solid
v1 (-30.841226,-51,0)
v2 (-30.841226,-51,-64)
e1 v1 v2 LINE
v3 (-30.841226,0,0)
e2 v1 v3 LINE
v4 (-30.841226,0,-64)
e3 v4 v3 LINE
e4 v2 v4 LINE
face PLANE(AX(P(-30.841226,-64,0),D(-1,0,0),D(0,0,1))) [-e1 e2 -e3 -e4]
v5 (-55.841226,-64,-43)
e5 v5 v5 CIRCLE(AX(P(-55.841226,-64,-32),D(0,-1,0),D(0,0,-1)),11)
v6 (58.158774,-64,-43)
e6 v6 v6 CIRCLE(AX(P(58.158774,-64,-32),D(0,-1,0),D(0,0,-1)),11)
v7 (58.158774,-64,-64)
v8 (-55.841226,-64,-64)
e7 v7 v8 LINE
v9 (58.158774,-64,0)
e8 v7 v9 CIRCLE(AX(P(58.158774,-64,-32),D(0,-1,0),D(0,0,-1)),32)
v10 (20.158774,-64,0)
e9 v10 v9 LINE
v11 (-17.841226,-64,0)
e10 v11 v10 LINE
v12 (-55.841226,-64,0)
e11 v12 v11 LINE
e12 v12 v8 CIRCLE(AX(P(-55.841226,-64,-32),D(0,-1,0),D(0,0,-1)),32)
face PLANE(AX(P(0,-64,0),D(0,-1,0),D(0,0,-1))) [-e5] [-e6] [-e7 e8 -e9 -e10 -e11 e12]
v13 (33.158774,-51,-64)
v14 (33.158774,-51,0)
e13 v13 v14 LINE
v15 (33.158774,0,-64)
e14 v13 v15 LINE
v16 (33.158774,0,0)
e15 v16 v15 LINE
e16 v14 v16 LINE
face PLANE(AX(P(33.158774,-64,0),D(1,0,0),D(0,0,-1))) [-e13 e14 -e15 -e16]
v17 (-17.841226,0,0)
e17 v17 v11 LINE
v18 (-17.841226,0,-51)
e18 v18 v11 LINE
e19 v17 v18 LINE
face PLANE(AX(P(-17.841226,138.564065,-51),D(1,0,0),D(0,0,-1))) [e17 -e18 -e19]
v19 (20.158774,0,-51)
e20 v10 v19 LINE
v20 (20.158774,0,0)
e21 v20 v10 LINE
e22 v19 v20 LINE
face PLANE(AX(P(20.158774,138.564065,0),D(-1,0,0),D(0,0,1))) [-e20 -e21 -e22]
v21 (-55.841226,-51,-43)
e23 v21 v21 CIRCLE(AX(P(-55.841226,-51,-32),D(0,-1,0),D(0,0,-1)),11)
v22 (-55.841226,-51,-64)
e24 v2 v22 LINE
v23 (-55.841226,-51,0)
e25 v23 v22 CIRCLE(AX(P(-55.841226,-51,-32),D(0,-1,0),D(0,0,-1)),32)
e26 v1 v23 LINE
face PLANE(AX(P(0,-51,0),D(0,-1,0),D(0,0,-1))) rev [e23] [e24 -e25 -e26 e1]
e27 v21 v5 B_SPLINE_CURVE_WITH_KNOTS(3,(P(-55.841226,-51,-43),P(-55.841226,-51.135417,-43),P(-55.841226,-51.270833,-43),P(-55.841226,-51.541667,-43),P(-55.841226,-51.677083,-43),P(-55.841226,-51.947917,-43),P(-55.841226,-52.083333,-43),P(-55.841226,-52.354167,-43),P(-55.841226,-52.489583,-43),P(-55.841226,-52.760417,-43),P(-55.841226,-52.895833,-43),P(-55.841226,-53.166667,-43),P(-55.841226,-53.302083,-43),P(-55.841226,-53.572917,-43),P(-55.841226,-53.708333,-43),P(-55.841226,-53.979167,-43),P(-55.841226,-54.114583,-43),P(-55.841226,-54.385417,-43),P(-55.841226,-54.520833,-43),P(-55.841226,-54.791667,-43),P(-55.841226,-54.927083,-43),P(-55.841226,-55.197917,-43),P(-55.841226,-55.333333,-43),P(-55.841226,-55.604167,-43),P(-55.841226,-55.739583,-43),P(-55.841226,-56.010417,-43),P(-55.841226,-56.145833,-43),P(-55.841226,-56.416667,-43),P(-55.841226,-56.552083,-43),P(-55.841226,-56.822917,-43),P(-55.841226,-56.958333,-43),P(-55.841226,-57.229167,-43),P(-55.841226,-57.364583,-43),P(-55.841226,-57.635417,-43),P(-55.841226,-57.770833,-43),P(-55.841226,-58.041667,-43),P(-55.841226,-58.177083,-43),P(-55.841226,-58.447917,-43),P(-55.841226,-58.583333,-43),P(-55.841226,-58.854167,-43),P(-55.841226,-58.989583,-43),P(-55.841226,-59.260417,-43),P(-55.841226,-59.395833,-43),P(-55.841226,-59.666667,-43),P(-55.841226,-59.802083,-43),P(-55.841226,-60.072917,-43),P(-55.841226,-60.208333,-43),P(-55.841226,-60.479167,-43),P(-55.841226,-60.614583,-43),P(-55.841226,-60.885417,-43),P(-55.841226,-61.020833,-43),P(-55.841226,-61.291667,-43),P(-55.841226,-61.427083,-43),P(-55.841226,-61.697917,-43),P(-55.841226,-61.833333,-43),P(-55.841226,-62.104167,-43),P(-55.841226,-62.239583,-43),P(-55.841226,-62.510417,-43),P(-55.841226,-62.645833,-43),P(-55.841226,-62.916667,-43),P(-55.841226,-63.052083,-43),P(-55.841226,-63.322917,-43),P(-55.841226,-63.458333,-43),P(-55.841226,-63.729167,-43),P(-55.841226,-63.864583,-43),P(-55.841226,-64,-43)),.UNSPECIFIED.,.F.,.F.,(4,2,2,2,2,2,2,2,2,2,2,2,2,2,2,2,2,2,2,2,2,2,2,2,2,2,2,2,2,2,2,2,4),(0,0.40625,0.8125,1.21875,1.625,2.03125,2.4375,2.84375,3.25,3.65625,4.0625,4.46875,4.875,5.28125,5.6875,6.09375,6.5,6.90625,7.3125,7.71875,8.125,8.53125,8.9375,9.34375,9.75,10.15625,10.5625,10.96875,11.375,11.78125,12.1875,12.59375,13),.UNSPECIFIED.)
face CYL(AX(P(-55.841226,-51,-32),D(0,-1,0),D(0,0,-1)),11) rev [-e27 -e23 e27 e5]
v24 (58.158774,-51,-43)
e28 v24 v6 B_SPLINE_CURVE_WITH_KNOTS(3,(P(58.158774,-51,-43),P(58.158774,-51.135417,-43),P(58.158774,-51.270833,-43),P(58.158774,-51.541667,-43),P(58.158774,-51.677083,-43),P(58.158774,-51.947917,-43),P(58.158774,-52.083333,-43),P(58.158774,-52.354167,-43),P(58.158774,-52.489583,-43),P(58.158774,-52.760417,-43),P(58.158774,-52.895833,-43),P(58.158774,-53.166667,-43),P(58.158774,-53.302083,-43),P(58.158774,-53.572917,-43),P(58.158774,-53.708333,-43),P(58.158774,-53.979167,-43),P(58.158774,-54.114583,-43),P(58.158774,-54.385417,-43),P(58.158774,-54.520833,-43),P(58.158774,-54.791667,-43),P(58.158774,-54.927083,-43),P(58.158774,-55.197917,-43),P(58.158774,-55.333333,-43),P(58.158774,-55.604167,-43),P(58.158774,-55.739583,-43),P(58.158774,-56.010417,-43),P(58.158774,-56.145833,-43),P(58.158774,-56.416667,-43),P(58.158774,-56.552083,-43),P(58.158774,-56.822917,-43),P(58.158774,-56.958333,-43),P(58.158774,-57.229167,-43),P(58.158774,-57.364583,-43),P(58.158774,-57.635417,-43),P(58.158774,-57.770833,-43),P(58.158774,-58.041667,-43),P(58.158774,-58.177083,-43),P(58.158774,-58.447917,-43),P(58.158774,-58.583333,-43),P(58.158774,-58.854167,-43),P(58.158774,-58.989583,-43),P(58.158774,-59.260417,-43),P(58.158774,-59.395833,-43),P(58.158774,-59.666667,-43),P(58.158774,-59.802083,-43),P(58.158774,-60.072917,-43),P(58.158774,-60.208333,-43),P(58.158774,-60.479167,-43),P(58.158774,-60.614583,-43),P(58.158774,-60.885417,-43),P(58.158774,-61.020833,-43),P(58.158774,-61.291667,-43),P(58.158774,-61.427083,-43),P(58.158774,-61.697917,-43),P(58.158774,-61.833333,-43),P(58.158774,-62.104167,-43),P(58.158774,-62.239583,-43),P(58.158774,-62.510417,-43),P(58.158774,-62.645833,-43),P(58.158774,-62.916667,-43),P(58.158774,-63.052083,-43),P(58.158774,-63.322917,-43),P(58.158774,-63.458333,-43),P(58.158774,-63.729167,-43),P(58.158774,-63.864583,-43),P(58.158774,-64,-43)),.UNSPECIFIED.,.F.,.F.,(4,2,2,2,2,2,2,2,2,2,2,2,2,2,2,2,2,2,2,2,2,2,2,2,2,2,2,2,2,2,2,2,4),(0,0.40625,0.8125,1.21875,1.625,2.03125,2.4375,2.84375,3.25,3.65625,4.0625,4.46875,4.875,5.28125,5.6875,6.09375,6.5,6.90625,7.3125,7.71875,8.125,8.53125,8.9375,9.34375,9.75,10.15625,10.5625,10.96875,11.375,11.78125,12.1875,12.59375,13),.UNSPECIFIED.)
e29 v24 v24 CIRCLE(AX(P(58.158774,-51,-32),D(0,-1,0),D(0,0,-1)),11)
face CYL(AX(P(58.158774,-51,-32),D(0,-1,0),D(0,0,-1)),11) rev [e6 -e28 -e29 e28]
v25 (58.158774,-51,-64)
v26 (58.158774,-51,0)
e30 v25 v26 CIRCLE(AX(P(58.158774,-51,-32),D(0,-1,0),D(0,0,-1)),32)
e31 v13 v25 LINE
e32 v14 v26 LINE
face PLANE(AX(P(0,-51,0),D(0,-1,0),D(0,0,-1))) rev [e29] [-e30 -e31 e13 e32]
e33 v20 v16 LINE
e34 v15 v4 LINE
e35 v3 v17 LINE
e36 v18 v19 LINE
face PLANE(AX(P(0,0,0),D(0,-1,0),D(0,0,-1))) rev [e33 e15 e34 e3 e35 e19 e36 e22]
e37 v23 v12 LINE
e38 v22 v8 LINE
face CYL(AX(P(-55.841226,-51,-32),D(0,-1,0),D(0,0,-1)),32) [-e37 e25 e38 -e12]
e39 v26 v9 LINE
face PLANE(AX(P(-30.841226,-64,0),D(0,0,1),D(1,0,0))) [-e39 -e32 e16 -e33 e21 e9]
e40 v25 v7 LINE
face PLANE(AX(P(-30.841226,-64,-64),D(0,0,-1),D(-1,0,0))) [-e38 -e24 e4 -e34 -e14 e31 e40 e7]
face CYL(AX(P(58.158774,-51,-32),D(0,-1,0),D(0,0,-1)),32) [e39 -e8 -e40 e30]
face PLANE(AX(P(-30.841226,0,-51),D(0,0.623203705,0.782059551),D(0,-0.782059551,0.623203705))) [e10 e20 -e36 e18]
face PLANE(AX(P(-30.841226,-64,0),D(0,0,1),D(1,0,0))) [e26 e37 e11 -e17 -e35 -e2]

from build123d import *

# Parameters (mm, degrees)
SKETCH1_W               = 64
SKETCH1_H               = 64
BOSS_EXTRUDE1_DEPTH     = 64
CUT_EXTRUDE2_DEPTH      = 97.392449486
CUT_EXTRUDE2_DEPTH_BACK = 64
BOSS_EXTRUDE3_DEPTH     = 64
SKETCH10_R              = 11
BOSS_EXTRUDE4_DEPTH     = 13


with BuildPart() as part:
    # Sketch1 → Boss-Extrude1 (new body)
    with BuildSketch(Plane(origin=(0, 0, 0), x_dir=(1, 0, 0), z_dir=(0, 1, 0))):
        with Locations((1.158774373, 32)):
            Rectangle(SKETCH1_W, SKETCH1_H)
    extrude(amount=-BOSS_EXTRUDE1_DEPTH)

    # Sketch4 → Cut-Extrude2 (cut, two sides: drawn at the far end of the back side and taken through both)
    with BuildSketch(Plane(origin=(0, 0, 0), x_dir=(1, 0, 0), z_dir=(0, 1, 0)).offset(-CUT_EXTRUDE2_DEPTH_BACK)):
        Polygon((20.158774373, -173.670400501), (20.158774373, 0), (20.158774373, 51), (-17.841225627, 51), (-17.841225627, 0), (-17.841225627, -173.670400501), (-17.841225627, -521.011201502), (20.158774373, -521.011201502), align=None)
    extrude(amount=CUT_EXTRUDE2_DEPTH + CUT_EXTRUDE2_DEPTH_BACK, mode=Mode.SUBTRACT)

    # Sketch8 → Boss-Extrude3 (add)
    with BuildSketch(Plane(origin=(33.158774373, 0, 0), x_dir=(0, 0, -1), z_dir=(1, 0, 0))):
        Polygon((51, 0), (0, -64), (51, -64), align=None)
    extrude(amount=-BOSS_EXTRUDE3_DEPTH)

    # Sketch10 → Boss-Extrude4 (add)
    # profile 1 of 2: a face of its own
    with BuildSketch(Plane.XZ.offset(64)):
        with BuildLine():
            Line((-30.841225627, 0), (-55.841225627, 0))
            ThreePointArc((-55.841225627, 0), (-87.841225627, -32), (-55.841225627, -64))
            Line((-55.841225627, -64), (-30.841225627, -64))
            Line((-30.841225627, -64), (-30.841225627, 0))
        make_face()
        with Locations(Location((-55.841225627, -32, 0), (0, 0, 270))):
            Circle(SKETCH10_R, mode=Mode.SUBTRACT)
    # profile 2 of 2: a face of its own
    with BuildSketch(Plane.XZ.offset(64)):
        with BuildLine():
            Line((33.158774373, -64), (58.158774373, -64))
            ThreePointArc((58.158774373, -64), (90.158774373, -32), (58.158774373, 0))
            Line((58.158774373, 0), (33.158774373, 0))
            Line((33.158774373, 0), (33.158774373, -64))
        make_face()
        with Locations(Location((58.158774373, -32, 0), (0, 0, 270))):
            Circle(SKETCH10_R, mode=Mode.SUBTRACT)
    extrude(amount=-BOSS_EXTRUDE4_DEPTH)


solid = part.part
